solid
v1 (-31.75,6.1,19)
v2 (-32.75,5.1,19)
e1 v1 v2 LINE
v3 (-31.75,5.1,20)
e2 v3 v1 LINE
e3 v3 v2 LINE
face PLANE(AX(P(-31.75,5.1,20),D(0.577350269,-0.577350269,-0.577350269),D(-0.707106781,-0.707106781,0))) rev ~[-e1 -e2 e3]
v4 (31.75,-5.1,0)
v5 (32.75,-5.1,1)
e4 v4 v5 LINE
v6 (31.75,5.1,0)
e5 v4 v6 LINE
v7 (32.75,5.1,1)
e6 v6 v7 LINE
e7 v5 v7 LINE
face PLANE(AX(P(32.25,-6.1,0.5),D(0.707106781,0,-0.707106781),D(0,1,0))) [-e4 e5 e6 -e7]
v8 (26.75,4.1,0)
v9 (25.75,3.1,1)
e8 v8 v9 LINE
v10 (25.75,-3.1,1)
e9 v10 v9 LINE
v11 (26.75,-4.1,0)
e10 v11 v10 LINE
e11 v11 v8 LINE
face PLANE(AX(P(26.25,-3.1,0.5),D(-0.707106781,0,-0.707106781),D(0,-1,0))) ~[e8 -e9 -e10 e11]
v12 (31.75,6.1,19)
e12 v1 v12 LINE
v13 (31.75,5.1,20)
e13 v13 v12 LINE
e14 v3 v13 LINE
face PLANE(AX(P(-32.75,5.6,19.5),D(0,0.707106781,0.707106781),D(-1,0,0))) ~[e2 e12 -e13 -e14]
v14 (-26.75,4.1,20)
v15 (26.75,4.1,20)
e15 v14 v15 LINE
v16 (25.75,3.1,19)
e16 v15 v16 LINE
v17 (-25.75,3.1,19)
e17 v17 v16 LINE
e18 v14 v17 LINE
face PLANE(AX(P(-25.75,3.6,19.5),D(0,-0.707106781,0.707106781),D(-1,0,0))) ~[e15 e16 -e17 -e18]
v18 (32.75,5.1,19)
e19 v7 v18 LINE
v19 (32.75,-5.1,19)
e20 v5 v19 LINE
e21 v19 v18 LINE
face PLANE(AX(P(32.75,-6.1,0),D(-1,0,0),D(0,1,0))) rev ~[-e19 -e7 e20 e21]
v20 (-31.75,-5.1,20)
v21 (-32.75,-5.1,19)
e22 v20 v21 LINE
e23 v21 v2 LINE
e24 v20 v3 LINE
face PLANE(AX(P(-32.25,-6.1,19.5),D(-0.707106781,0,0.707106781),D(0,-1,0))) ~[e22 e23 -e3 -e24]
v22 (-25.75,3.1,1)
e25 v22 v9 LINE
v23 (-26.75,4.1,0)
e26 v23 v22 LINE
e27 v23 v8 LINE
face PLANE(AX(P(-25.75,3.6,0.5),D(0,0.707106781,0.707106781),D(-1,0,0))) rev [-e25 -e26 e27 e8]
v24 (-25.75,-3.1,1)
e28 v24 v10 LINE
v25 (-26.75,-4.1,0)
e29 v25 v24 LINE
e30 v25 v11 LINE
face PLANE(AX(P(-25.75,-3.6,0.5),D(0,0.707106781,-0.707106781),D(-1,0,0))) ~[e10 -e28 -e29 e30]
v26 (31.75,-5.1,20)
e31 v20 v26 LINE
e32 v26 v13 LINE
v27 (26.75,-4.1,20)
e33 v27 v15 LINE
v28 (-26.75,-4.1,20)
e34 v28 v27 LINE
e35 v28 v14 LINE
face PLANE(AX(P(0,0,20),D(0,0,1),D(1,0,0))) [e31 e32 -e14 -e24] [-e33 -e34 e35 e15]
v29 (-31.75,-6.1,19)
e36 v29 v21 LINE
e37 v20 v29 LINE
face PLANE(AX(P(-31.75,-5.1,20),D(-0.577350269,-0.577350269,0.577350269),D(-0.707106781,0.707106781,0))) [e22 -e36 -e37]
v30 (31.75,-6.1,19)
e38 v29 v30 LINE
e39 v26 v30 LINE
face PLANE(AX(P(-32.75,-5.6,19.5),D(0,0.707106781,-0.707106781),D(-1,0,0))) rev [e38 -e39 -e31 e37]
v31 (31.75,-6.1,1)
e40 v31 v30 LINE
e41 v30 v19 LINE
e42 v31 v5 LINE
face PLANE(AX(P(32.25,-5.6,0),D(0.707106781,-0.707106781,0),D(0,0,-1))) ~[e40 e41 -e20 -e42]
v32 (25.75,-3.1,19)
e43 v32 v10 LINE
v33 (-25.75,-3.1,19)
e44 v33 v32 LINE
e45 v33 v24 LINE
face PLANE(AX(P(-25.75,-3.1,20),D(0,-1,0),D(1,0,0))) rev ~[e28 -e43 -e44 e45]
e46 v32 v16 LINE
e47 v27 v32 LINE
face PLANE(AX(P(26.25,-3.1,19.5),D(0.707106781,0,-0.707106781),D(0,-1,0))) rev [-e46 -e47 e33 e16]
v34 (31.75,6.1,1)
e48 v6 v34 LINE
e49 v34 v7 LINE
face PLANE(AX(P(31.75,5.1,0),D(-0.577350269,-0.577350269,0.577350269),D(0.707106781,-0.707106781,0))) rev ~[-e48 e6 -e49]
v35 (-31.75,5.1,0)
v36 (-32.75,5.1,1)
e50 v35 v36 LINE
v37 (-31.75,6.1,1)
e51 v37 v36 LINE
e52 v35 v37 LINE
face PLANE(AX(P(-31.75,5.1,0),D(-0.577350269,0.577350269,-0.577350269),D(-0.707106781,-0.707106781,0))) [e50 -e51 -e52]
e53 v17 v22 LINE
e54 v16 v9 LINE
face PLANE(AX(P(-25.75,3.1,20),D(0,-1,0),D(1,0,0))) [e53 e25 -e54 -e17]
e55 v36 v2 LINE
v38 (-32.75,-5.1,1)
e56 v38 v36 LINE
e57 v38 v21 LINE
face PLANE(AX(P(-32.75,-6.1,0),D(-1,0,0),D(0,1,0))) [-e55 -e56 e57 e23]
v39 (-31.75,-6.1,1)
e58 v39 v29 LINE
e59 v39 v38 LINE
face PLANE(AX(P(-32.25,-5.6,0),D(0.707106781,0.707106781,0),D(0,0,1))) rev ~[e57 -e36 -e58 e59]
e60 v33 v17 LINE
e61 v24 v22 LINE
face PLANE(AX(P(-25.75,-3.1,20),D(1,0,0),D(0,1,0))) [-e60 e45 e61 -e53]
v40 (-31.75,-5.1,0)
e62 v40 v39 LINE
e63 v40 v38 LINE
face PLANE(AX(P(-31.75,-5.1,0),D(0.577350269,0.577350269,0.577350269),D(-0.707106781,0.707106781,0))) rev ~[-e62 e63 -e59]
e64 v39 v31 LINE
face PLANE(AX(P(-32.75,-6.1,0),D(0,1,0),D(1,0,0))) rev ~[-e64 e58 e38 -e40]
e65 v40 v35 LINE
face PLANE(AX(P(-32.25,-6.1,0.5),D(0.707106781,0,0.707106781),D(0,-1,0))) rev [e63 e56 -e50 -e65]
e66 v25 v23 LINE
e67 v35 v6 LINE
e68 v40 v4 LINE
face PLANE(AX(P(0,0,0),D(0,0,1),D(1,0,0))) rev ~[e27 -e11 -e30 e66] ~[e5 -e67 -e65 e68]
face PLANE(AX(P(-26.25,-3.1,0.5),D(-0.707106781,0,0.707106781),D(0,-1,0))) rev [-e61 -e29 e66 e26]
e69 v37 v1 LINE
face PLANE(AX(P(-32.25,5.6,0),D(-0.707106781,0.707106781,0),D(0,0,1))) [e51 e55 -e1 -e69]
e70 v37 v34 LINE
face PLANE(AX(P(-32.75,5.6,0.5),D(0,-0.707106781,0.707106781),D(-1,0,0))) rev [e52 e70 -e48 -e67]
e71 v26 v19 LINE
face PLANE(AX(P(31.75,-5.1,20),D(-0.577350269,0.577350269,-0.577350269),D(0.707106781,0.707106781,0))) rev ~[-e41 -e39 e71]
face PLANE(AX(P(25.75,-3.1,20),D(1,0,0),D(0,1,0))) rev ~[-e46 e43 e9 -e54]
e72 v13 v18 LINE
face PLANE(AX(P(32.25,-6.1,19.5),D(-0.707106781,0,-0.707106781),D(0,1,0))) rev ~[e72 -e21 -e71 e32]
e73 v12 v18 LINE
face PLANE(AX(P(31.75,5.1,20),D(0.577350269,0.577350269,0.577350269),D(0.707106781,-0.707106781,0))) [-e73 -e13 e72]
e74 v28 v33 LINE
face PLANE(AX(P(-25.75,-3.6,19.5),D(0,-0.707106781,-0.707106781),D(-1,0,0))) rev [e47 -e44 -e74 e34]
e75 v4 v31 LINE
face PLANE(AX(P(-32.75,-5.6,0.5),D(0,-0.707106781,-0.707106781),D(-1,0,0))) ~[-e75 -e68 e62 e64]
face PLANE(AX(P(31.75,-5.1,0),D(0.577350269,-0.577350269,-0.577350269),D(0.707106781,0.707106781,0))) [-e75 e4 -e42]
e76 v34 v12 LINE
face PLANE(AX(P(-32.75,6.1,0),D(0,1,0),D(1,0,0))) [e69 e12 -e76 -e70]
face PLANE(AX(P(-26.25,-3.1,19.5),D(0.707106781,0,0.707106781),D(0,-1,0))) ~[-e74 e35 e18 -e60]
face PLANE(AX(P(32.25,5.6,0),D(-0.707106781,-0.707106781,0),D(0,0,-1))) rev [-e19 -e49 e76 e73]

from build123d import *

# Parameters (mm, degrees)
SKETCH_W     = 65.5
SKETCH_H     = 12.2
PAD_DEPTH    = 20
SKETCH001_W  = 51.5
SKETCH001_H  = 6.2
POCKET_DEPTH = 20
CHAMFER_SIZE = 1


with BuildPart() as part:
    # Sketch → Pad (new body)
    with BuildSketch(Plane.XY):
        Rectangle(SKETCH_W, SKETCH_H)
    extrude(amount=PAD_DEPTH)

    # Sketch001 (on Face6 of Pad) → Pocket (cut)
    with BuildSketch(Plane.XY.offset(20)):
        Rectangle(SKETCH001_W, SKETCH001_H)
    extrude(amount=-POCKET_DEPTH, mode=Mode.SUBTRACT)

    # Chamfer
    chamfer_edges = [part.edges().sort_by_distance(p)[0] for p in [
        (32.75, -6.1, 10),
        (-32.75, -6.1, 10),
        (0, -6.1, 0),
        (0, -6.1, 20),
        (-32.75, 6.1, 10),
        (32.75, 6.1, 10),
        (0, 6.1, 0),
        (0, 6.1, 20),
        (32.75, 0, 20),
        (32.75, 0, 0),
        (-32.75, 0, 0),
        (-32.75, 0, 20),
        (-25.75, 0, 20),
        (0, -3.1, 20),
        (25.75, 0, 20),
        (0, 3.1, 20),
        (-25.75, 0, 0),
        (0, -3.1, 0),
        (25.75, 0, 0),
        (0, 3.1, 0),
    ]]
    chamfer(chamfer_edges, length=CHAMFER_SIZE)


solid = part.part
